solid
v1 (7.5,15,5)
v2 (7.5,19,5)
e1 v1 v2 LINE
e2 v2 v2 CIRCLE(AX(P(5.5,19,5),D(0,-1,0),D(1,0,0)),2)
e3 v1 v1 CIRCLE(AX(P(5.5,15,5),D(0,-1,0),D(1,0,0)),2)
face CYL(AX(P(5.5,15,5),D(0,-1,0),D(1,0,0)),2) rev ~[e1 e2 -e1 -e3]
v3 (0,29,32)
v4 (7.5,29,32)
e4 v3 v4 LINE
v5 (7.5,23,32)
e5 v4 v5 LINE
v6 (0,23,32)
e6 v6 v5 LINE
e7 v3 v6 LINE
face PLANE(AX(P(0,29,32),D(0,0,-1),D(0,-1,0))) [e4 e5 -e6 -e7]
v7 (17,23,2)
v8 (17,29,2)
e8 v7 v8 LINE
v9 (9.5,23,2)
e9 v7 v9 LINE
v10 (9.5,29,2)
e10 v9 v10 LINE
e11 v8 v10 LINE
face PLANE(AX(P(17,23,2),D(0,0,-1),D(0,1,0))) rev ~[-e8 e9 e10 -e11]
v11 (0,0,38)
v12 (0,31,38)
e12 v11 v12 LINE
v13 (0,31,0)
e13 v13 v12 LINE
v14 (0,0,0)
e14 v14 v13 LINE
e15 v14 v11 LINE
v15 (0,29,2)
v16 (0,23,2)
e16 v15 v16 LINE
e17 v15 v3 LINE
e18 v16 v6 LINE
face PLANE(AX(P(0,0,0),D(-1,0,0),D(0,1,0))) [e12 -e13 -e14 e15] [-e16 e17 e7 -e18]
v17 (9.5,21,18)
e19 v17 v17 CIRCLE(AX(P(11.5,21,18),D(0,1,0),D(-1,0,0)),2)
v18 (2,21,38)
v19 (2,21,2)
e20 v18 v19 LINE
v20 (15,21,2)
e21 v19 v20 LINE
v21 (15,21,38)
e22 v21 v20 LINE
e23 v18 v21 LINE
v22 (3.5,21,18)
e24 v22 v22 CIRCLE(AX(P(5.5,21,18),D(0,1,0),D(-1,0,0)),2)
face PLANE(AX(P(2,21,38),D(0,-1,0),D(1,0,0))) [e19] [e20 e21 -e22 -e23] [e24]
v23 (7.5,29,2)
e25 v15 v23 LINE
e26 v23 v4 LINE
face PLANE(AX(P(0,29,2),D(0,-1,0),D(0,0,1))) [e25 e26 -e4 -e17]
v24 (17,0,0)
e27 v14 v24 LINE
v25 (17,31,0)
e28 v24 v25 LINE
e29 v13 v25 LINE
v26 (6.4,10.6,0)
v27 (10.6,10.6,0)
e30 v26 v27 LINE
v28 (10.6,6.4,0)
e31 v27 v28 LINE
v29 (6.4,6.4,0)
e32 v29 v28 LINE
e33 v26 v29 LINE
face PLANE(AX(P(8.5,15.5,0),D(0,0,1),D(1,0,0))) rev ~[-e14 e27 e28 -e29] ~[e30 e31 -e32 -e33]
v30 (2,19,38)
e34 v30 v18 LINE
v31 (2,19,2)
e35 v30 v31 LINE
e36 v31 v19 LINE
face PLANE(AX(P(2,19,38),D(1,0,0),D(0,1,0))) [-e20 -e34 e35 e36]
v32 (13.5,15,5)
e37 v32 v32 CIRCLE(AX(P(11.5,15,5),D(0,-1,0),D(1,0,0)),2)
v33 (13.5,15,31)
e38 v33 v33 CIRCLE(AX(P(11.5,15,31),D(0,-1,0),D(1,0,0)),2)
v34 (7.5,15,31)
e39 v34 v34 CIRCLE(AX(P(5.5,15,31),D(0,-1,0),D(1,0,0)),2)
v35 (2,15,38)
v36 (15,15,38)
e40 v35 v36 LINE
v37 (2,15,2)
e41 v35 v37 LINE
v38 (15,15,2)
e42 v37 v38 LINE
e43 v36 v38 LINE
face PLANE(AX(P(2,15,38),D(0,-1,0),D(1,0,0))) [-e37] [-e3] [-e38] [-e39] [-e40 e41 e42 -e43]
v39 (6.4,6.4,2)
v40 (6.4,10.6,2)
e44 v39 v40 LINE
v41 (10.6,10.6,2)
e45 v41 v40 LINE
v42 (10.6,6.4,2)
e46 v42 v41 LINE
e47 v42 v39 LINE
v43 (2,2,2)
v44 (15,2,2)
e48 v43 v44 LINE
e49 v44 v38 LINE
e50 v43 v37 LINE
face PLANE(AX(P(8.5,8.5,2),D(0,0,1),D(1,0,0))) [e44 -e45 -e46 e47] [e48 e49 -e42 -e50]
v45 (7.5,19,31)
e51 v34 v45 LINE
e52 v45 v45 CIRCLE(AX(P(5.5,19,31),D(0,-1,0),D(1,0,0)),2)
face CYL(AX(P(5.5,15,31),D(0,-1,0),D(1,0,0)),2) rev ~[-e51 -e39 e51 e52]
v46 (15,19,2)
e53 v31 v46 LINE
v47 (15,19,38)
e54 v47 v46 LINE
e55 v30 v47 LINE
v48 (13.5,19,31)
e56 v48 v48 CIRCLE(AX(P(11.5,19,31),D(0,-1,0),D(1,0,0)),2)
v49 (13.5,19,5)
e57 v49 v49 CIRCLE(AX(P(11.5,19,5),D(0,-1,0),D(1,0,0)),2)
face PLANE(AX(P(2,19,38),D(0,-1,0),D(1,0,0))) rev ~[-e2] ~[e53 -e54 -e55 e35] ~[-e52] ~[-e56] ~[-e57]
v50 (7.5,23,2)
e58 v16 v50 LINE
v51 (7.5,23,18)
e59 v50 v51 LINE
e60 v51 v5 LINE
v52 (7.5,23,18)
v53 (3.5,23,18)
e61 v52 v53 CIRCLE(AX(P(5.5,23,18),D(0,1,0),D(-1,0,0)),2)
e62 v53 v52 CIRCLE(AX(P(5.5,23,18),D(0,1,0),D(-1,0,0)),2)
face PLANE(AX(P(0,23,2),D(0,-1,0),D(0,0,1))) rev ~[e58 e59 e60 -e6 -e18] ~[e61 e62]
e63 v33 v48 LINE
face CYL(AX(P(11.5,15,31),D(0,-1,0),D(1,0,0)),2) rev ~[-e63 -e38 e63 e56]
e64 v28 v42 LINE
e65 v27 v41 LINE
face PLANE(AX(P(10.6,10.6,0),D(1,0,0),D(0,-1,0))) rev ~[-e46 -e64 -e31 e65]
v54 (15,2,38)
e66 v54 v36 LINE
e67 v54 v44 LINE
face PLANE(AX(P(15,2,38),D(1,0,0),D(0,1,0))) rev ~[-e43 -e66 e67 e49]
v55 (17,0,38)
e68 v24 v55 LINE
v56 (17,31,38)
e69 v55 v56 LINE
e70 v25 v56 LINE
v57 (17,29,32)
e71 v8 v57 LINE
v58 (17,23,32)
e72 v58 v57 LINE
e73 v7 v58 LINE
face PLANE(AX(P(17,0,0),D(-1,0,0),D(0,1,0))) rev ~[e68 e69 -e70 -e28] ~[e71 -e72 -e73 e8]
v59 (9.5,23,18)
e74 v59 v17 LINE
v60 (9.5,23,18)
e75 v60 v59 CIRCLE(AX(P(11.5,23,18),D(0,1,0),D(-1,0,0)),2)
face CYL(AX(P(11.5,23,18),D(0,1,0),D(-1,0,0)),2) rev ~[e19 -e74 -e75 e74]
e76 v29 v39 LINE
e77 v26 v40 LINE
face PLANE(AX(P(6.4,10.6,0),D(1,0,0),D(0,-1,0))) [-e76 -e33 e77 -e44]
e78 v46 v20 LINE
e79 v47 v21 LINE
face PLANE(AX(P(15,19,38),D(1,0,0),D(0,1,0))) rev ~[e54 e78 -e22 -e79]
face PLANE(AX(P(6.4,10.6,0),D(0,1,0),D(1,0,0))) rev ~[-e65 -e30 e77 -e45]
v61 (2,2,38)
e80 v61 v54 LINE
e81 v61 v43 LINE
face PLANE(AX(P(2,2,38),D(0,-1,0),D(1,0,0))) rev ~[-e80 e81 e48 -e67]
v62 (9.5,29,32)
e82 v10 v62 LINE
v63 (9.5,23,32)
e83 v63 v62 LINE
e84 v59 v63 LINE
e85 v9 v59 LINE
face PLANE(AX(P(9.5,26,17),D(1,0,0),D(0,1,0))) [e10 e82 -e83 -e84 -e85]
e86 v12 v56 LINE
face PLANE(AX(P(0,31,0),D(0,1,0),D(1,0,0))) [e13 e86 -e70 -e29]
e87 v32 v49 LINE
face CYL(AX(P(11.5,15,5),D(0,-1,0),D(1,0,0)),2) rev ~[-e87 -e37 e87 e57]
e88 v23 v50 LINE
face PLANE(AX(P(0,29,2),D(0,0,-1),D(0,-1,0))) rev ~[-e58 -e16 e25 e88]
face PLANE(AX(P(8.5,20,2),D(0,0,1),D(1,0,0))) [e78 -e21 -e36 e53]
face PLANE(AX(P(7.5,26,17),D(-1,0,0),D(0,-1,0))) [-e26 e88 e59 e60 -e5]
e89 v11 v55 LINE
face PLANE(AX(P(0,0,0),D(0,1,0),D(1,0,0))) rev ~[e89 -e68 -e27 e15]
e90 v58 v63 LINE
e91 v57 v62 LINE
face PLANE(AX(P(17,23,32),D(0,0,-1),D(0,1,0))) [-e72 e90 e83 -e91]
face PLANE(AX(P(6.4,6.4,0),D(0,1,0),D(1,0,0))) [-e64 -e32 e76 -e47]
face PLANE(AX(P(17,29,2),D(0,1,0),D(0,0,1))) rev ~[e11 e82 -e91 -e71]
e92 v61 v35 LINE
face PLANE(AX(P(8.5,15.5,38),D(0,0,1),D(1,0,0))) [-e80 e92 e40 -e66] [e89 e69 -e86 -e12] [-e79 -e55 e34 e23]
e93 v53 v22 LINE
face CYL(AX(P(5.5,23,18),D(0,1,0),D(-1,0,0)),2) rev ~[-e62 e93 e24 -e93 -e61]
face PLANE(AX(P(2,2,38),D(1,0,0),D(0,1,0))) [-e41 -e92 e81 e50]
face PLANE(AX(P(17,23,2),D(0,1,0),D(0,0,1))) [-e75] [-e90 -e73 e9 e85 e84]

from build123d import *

# Parameters (mm, degrees)
SKETCH_W        = 17
SKETCH_H        = 31
PAD_DEPTH       = 38
SKETCH002_W     = 13
SKETCH002_H     = 13
POCKET001_DEPTH = 36
SKETCH003_W     = 4.2
SKETCH003_H     = 4.2
POCKET002_DEPTH = 5
SKETCH001_W     = 13
SKETCH001_H     = 2
POCKET_DEPTH    = 36
SKETCH004_W     = 6
SKETCH004_H     = 30
POCKET003_DEPTH = 7.5
SKETCH006_W     = 6
SKETCH006_H     = 30
POCKET004_DEPTH = 7.5
SKETCH007_R     = 2
POCKET005_DEPTH = 5
SKETCH008_R     = 2
POCKET006_DEPTH = 2


with BuildPart() as part:
    # Sketch → Pad (new body)
    with BuildSketch(Plane.XY):
        with Locations((8.5, 15.5)):
            Rectangle(SKETCH_W, SKETCH_H)
    extrude(amount=PAD_DEPTH)

    # Sketch002 (on DatumPlane) → Pocket001 (cut)
    with BuildSketch(Plane.XY.offset(38)):
        with Locations((8.5, 8.5)):
            Rectangle(SKETCH002_W, SKETCH002_H)
    extrude(amount=-POCKET001_DEPTH, mode=Mode.SUBTRACT)

    # Sketch003 (on DatumPlane) → Pocket002 (cut)
    with BuildSketch(Plane(origin=(0, 0, 0), x_dir=(1, 0, 0), z_dir=(0, 0, -1))):
        with Locations((8.5, -8.5)):
            Rectangle(SKETCH003_W, SKETCH003_H)
    extrude(amount=-POCKET002_DEPTH, mode=Mode.SUBTRACT)

    # Sketch001 (on DatumPlane) → Pocket (cut)
    with BuildSketch(Plane.XY.offset(38)):
        with Locations((8.5, 20)):
            Rectangle(SKETCH001_W, SKETCH001_H)
    extrude(amount=-POCKET_DEPTH, mode=Mode.SUBTRACT)

    # Sketch004 (on DatumPlane) → Pocket003 (cut)
    with BuildSketch(Plane(origin=(0, 0, 0), x_dir=(0, -1, 0), z_dir=(-1, 0, 0))):
        with Locations((-26, 17)):
            Rectangle(SKETCH004_W, SKETCH004_H)
    extrude(amount=-POCKET003_DEPTH, mode=Mode.SUBTRACT)

    # Sketch006 (on DatumPlane) → Pocket004 (cut)
    with BuildSketch(Plane.YZ.offset(17)):
        with Locations((26, 17)):
            Rectangle(SKETCH006_W, SKETCH006_H)
    extrude(amount=-POCKET004_DEPTH, mode=Mode.SUBTRACT)

    # Sketch007 (on DatumPlane) → Pocket005 (cut)
    with BuildSketch(Plane.XZ.offset(-15)):
        with Locations((5.5, 31)):
            Circle(SKETCH007_R)
        with Locations((11.5, 31)):
            Circle(SKETCH007_R)
        with Locations((5.5, 5)):
            Circle(SKETCH007_R)
        with Locations((11.5, 5)):
            Circle(SKETCH007_R)
    extrude(amount=-POCKET005_DEPTH, mode=Mode.SUBTRACT)

    # Sketch008 (on DatumPlane) → Pocket006 (cut)
    with BuildSketch(Plane(origin=(0, 23, 0), x_dir=(-1, 0, 0), z_dir=(0, 1, 0))):
        with Locations((-5.5, 18)):
            Circle(SKETCH008_R)
        with Locations((-11.5, 18)):
            Circle(SKETCH008_R)
    extrude(amount=-POCKET006_DEPTH, mode=Mode.SUBTRACT)


solid = part.part
